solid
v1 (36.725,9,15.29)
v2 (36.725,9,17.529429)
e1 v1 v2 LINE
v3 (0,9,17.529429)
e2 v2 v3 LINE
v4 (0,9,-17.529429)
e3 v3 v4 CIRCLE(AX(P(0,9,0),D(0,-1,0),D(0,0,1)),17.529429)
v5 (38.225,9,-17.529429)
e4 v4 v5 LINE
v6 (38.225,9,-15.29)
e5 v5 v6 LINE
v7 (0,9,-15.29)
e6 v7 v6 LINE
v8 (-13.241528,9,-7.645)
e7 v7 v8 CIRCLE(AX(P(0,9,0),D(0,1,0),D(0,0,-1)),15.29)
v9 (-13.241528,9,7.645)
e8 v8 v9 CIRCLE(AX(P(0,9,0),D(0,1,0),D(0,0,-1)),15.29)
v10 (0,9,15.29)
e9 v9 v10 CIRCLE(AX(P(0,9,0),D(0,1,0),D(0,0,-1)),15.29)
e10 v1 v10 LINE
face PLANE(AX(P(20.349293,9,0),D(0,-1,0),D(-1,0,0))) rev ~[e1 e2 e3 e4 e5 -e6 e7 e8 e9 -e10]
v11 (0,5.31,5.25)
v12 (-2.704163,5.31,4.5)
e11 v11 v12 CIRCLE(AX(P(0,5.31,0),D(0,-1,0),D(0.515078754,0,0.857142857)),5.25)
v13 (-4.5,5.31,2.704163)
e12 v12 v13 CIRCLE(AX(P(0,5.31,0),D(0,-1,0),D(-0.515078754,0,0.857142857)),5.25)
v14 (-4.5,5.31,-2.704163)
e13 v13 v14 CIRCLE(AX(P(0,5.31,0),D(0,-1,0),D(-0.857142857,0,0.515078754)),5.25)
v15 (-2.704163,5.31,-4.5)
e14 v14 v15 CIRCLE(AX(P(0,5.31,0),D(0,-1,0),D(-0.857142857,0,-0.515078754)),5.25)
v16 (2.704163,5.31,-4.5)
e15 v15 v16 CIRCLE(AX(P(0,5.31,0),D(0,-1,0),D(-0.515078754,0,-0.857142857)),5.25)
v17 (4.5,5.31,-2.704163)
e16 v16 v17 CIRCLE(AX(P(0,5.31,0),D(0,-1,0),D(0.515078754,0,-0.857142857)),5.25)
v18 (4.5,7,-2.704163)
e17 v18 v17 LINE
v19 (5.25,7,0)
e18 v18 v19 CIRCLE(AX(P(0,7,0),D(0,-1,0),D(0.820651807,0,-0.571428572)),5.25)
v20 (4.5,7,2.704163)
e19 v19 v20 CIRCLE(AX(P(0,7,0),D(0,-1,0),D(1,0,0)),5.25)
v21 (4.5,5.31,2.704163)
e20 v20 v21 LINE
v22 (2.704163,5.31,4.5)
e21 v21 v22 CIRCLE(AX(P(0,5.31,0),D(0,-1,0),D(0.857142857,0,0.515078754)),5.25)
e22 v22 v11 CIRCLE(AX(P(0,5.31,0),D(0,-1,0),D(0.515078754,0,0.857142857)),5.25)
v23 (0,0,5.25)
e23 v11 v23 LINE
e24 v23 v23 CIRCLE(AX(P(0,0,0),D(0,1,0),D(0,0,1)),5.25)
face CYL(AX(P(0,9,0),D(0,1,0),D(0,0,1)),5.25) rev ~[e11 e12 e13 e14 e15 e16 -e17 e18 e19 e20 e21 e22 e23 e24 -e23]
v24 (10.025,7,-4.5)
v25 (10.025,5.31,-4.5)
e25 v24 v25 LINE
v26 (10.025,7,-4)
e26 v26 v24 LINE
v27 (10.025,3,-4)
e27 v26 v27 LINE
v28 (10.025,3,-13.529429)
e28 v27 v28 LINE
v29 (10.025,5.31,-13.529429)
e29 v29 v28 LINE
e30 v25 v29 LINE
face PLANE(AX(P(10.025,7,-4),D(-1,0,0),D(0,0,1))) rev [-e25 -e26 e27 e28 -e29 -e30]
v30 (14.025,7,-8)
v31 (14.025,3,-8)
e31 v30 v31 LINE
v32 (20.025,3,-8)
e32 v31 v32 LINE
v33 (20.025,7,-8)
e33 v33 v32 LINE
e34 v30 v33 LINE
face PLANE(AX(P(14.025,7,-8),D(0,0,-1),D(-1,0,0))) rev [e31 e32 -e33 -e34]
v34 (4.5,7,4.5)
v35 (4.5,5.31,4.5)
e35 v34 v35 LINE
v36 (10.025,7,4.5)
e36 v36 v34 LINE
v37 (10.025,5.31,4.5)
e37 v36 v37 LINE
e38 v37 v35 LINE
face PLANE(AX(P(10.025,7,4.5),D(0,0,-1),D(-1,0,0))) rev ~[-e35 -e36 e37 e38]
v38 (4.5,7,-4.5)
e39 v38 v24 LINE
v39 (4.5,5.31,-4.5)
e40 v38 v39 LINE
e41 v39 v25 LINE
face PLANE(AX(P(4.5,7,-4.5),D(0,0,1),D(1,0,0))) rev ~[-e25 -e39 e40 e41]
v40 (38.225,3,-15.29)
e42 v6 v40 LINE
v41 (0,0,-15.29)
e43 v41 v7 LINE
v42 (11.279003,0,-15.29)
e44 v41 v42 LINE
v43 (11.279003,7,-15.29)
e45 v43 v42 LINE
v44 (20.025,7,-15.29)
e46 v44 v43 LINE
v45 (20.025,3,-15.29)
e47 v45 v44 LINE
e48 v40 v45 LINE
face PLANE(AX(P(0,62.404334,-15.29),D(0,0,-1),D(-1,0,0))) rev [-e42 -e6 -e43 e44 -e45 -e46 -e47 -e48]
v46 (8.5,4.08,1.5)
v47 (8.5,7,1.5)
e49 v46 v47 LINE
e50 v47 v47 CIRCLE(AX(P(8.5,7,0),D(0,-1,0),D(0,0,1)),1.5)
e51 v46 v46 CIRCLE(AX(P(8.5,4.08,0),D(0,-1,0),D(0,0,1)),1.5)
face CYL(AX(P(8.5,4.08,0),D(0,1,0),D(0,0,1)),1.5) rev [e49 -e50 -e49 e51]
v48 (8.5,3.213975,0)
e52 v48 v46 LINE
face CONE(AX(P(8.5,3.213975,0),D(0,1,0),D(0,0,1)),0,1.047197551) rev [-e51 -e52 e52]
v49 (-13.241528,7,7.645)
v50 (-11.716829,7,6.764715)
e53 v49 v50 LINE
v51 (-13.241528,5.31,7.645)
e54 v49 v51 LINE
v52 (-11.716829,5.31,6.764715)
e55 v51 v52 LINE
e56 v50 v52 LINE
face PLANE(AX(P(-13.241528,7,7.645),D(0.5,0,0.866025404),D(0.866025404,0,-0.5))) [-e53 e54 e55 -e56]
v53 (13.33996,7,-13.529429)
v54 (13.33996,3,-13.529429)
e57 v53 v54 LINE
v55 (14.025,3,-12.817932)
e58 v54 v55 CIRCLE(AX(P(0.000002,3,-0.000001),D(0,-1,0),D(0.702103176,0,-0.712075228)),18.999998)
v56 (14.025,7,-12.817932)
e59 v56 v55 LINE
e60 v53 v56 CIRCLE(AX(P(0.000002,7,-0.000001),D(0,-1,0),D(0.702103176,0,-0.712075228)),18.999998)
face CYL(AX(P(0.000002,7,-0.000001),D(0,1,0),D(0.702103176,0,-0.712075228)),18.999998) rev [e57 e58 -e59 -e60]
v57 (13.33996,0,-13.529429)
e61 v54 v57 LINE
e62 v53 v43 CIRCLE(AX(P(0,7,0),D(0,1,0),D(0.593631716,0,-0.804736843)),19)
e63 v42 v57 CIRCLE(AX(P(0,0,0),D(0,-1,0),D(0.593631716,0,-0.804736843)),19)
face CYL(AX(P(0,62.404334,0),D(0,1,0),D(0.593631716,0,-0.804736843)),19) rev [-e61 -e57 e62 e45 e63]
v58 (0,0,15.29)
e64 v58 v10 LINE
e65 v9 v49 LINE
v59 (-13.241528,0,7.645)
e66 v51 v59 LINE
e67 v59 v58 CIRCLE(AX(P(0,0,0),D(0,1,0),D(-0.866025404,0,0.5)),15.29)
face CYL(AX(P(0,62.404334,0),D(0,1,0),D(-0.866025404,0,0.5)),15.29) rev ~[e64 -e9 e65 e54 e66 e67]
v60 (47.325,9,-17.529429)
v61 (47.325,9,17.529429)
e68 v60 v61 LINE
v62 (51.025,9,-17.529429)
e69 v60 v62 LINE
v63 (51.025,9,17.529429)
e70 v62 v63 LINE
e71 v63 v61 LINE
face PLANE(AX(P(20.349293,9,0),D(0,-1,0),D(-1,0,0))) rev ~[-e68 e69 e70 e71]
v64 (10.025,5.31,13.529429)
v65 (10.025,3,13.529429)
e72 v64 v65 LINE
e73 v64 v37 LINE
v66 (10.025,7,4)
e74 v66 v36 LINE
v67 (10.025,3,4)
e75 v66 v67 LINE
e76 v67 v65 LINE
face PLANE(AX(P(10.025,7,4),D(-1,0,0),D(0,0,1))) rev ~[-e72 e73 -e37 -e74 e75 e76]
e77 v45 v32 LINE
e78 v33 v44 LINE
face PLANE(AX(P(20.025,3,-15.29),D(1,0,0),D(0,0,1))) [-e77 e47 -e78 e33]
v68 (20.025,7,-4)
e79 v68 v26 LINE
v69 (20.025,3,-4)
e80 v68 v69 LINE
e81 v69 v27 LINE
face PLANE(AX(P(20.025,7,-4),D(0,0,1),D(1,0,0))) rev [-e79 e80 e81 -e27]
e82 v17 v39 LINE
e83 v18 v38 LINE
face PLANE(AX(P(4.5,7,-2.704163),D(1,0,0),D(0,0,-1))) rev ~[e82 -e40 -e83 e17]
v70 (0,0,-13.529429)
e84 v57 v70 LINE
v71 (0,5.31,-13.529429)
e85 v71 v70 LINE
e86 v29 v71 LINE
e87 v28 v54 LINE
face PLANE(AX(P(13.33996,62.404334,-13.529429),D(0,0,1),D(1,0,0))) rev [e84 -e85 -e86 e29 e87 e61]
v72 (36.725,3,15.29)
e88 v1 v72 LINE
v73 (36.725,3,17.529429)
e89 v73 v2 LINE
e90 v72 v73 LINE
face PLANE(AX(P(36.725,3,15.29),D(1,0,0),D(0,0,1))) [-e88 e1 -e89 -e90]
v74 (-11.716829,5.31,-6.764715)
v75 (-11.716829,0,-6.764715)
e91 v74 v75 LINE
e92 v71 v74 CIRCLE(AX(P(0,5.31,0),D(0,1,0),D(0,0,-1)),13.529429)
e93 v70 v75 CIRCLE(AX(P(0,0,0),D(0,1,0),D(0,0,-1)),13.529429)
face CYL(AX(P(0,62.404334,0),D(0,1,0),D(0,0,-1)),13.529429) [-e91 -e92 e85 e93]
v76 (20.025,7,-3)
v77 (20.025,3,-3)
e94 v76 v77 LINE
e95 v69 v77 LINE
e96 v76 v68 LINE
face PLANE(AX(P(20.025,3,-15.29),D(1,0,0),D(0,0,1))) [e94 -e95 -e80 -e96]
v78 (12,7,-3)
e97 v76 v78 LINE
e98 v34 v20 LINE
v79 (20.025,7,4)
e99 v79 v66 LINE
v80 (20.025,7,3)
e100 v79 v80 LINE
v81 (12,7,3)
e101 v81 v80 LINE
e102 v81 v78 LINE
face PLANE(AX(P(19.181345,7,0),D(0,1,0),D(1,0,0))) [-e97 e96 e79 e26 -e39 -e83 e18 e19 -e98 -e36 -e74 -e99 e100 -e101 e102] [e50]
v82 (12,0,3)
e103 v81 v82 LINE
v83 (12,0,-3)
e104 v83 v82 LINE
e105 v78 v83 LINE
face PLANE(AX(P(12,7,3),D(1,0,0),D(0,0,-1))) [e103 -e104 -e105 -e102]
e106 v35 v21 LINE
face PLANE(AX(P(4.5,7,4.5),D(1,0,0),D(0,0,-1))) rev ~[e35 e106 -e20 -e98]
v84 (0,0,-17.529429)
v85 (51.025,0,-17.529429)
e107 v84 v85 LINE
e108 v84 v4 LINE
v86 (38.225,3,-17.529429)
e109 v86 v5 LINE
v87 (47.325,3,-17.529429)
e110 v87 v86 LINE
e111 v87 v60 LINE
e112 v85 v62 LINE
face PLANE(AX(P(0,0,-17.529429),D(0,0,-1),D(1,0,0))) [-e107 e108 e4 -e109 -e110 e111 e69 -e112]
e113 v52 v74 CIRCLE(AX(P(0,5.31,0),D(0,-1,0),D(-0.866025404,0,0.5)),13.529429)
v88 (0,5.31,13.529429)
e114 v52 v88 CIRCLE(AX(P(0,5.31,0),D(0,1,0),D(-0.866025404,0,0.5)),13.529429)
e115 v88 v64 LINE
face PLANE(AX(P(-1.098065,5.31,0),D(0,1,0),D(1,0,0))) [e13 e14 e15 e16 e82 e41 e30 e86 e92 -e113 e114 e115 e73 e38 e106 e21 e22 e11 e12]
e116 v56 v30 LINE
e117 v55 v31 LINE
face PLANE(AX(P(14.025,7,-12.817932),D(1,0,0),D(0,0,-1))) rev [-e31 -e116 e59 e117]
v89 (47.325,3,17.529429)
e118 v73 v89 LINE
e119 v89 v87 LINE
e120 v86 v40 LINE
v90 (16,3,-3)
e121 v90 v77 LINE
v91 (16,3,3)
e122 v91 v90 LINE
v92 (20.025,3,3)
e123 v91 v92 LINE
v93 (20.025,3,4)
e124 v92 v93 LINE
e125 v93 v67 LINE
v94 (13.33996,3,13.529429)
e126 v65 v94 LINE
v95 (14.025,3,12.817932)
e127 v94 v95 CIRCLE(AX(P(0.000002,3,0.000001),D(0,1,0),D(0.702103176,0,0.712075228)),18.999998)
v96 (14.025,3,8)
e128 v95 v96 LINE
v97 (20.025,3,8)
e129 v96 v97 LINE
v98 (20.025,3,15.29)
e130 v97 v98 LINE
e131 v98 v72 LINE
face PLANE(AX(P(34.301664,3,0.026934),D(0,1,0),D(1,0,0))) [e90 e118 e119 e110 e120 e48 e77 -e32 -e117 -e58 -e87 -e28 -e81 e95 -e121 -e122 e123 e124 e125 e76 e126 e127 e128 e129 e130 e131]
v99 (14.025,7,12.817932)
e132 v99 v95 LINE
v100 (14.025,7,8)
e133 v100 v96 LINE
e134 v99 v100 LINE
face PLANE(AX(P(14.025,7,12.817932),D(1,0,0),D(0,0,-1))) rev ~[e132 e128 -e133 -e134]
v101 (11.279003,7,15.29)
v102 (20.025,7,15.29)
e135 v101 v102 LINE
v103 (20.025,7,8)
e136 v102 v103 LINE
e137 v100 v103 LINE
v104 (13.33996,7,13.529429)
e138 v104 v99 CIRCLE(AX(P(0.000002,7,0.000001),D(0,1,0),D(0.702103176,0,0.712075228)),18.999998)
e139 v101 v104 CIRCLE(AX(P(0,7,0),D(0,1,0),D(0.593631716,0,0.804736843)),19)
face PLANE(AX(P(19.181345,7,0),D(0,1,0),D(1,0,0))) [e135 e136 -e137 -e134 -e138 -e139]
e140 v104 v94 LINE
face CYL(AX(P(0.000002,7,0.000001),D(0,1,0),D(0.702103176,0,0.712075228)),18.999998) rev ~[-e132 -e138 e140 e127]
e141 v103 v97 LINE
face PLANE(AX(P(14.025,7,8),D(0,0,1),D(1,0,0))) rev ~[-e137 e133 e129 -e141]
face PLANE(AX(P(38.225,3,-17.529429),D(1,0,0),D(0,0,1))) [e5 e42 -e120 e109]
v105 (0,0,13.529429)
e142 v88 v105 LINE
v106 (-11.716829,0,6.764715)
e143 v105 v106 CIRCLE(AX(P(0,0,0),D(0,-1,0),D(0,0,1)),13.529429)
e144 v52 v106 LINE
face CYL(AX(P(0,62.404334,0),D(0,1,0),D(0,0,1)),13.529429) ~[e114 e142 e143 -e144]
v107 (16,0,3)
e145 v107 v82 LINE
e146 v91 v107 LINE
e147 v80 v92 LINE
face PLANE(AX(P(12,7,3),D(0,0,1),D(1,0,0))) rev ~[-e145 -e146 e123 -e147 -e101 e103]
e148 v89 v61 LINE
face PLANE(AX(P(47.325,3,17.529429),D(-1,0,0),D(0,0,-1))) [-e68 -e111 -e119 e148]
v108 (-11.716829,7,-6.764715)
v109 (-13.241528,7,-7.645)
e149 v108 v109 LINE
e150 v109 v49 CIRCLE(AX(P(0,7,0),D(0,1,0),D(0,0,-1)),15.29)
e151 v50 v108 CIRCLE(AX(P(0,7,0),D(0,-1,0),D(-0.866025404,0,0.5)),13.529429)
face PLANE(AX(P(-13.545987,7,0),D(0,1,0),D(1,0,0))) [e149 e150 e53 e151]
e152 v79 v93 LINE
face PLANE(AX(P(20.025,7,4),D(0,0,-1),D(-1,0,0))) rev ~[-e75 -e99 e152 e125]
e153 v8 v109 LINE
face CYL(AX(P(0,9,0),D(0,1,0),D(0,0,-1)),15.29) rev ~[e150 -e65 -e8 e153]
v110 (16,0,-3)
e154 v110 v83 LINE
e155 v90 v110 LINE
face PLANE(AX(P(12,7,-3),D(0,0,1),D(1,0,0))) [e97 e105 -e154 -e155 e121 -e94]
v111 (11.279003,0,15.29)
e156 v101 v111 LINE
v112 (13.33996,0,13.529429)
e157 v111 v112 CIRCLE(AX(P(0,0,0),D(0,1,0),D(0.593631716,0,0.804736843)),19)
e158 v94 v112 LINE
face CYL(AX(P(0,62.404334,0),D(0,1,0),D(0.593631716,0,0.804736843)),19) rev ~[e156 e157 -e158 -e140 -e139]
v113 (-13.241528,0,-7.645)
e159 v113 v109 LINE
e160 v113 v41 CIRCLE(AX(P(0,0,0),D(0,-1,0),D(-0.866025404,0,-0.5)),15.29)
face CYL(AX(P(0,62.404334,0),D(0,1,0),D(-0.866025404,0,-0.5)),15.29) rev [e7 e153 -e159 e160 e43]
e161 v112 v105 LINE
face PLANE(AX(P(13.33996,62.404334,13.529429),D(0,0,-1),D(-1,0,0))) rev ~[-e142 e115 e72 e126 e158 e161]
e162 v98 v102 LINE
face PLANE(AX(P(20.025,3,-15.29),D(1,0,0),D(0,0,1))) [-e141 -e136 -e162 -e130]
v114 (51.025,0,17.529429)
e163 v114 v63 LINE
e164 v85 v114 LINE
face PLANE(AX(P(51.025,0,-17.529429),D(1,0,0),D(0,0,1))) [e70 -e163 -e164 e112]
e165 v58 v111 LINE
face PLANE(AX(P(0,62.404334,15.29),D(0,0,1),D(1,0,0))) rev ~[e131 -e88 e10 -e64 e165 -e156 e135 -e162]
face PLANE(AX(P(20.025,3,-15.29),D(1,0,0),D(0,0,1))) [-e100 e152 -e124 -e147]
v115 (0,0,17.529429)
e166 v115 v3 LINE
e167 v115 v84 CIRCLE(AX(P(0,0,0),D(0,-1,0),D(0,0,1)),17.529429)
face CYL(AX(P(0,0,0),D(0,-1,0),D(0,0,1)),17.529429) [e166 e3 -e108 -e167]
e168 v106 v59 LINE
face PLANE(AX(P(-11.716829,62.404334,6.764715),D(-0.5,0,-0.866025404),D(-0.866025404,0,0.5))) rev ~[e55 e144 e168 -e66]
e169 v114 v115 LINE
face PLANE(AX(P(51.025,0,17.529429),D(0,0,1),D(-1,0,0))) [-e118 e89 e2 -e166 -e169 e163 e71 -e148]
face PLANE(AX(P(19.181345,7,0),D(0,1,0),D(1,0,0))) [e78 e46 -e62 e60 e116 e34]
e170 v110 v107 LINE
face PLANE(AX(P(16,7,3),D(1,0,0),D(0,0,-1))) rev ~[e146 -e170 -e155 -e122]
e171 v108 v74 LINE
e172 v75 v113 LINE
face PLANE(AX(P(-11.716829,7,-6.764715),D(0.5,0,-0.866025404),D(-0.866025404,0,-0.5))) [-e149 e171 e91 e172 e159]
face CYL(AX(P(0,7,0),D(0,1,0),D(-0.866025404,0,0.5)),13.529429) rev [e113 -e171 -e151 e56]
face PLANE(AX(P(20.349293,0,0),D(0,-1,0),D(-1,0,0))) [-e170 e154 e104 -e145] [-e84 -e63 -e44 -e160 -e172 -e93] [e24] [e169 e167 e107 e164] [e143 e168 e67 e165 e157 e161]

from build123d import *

# Parameters (mm, degrees)
SENSOR_BODY_BASE_DEPTH            = 9
CAMERA_HOLE_SKETCH_R              = 5.25
CAMERA_HOLE_DEPTH                 = 55.697637212
COVER_PLATE_CUTOUT_DEPTH          = 2
LED_DRIVER_CUTOUT_DEPTH           = 55.40433362
LED_DRIVER_CUTOUT_DEPTH_BACK      = 4
LEAD_START                        = 55.40433362
LEAD_CUTOUT_DEPTH                 = 62.40433362
FOLDED_LEAD_CUTOUT_DEPTH          = 4
GREEN_LEAD_CUTOUT_SKETCH_W        = 4
GREEN_LEAD_CUTOUT_SKETCH_H        = 6
GREEN_LEAD_CUTOUT_DEPTH           = 55.40433362
FOLDED_GREEN_LEAD_CUTOUT_SKETCH_W = 4.025
FOLDED_GREEN_LEAD_CUTOUT_SKETCH_H = 6
FOLDED_GREEN_LEAD_CUTOUT_DEPTH    = 4
CAMERA_PCB_CUTOUT_DEPTH           = 1.69
COVER_START                       = 1.69
COVER_PLATE_SUPPORT_DEPTH         = 1.69


with BuildPart() as part:
    # Sensor Body Base Sketch → Sensor Body Base (new body)
    with BuildSketch(Plane(origin=(0, 0, 0), x_dir=(1, 0, 0), z_dir=(0, 1, 0))):
        with BuildLine():
            Line((0, 17.5294293), (51.025, 17.5294293))
            Line((51.025, 17.5294293), (51.025, -17.5294293))
            Line((51.025, -17.5294293), (0, -17.5294293))
            ThreePointArc((0, -17.5294293), (-17.5294293, 0), (0, 17.5294293))
        make_face()
    extrude(amount=SENSOR_BODY_BASE_DEPTH)

    # Camera Hole Sketch → Camera Hole (cut, through all)
    with BuildSketch(Plane(origin=(0, 9, 0), x_dir=(1, 0, 0), z_dir=(0, 1, 0))):
        with Locations(Location((0, 0, 0), (0, 0, 270))):
            Circle(CAMERA_HOLE_SKETCH_R)
    extrude(amount=-CAMERA_HOLE_DEPTH, mode=Mode.SUBTRACT)

    # Cover Plate Cutout Sketch → Cover Plate Cutout (cut)
    # profile 1 of 2: a face of its own
    with BuildSketch(Plane(origin=(0, 9, 0), x_dir=(1, 0, 0), z_dir=(0, 1, 0))):
        with BuildLine():
            Line((47.325, 15.29), (0, 15.29))
            ThreePointArc((0, 15.29), (-15.29, 0), (0, -15.29))
            Line((0, -15.29), (47.325, -15.29))
            Line((47.325, -15.29), (47.325, -5.29))
            Line((47.325, -5.29), (47.325, 5.29))
            Line((47.325, 5.29), (47.325, 15.29))
        make_face()
        with BuildLine():
            ThreePointArc((4.308421985, -3), (-5.25, 0), (4.308421985, 3))
            Line((4.308421985, 3), (10.72655949, 3))
            Line((10.72655949, 3), (10.72655949, -3))
            Line((10.72655949, -3), (4.308421985, -3))
        make_face(mode=Mode.SUBTRACT)
    # profile 2 of 2: a face of its own
    with BuildSketch(Plane(origin=(0, 9, 0), x_dir=(1, 0, 0), z_dir=(0, 1, 0))):
        with BuildLine():
            Line((10.72655949, 3), (4.308421985, 3))
            ThreePointArc((4.308421985, 3), (5.009077531, 1.57214576), (5.25, 0))
            ThreePointArc((5.25, 0), (5.009077531, -1.57214576), (4.308421985, -3))
            Line((4.308421985, -3), (10.72655949, -3))
            Line((10.72655949, -3), (10.72655949, 3))
        make_face()
    extrude(amount=-COVER_PLATE_CUTOUT_DEPTH, mode=Mode.SUBTRACT)

    # LED Driver Cutout Sketch → LED Driver Cutout (cut, two sides: drawn at the far end of the back side and taken through both)
    with BuildSketch(Plane(origin=(0, 7, 0), x_dir=(1, 0, 0), z_dir=(0, 1, 0)).offset(-LED_DRIVER_CUTOUT_DEPTH_BACK)):
        Polygon((36.725, -17.5294293), (47.325, -17.5294293), (47.325, 17.5294293), (38.225, 17.5294293), (38.225, 15.29), (20.025, 15.29), (20.025, -15.29), (36.725, -15.29), align=None)
    extrude(amount=LED_DRIVER_CUTOUT_DEPTH + LED_DRIVER_CUTOUT_DEPTH_BACK, mode=Mode.SUBTRACT)

    # Cover Plate Fastener Sketch → Cover Plate Fastener (revolve, cut)
    with BuildSketch(Plane.XY, mode=Mode.PRIVATE) as cover_plate_fastener_sk:
        Polygon((8.5, 7), (8.5, 3.213974596), (10, 4.08), (10, 7), align=None)
    revolve(cover_plate_fastener_sk.sketch.rotate(Axis((8.5, 7, 0), (0, -1, 0)), 90), axis=Axis((8.5, 7, 0), (0, -1, 0)), mode=Mode.SUBTRACT)

    # Lead Cutout Shared Sketch → Lead Cutout (cut)
    with BuildSketch(Plane(origin=(0, 7, 0), x_dir=(1, 0, 0), z_dir=(0, 1, 0)).offset(LEAD_START)):
        with BuildLine():
            ThreePointArc((0, -13.5294293), (-6.76471465, -11.716829473), (-11.716829473, -6.76471465))
            Line((-11.716829473, -6.76471465), (-13.241528424, -7.645))
            ThreePointArc((-13.241528424, -7.645), (-7.645, -13.241528424), (0, -15.29))
            Line((0, -15.29), (11.279002615, -15.29))
            ThreePointArc((11.279002615, -15.29), (12.340917186, -14.446513871), (13.339960375, -13.5294293))
            Line((13.339960375, -13.5294293), (10.025, -13.5294293))
            Line((10.025, -13.5294293), (0, -13.5294293))
        make_face()
    lead_cutout = extrude(amount=-LEAD_CUTOUT_DEPTH, mode=Mode.SUBTRACT)

    # Sketch11<5> → Folded Lead Cutout (cut)
    with BuildSketch(Plane(origin=(0, 7, 0), x_dir=(1, 0, 0), z_dir=(0, 1, 0))):
        with BuildLine():
            Line((10.025, -4), (10.025, -13.5294293))
            Line((10.025, -13.5294293), (13.339960375, -13.5294293))
            ThreePointArc((13.339960375, -13.5294293), (13.687104196, -13.178132597), (14.025, -12.817931775))
            Line((14.025, -12.817931775), (14.025, -8))
            Line((14.025, -8), (20.025, -8))
            Line((20.025, -8), (20.025, -4))
            Line((20.025, -4), (10.025, -4))
        make_face()
    folded_lead_cutout = extrude(amount=-FOLDED_LEAD_CUTOUT_DEPTH, mode=Mode.SUBTRACT)

    # Lead Cutout Mirror: Lead Cutout, Folded Lead Cutout across plane
    add(lead_cutout.mirror(Plane.XY), mode=Mode.SUBTRACT)
    add(folded_lead_cutout.mirror(Plane.XY), mode=Mode.SUBTRACT)

    # Green Lead Cutout Sketch → Green Lead Cutout (cut, through all)
    with BuildSketch(Plane(origin=(0, 7, 0), x_dir=(1, 0, 0), z_dir=(0, 1, 0))):
        with Locations((14, 0)):
            Rectangle(GREEN_LEAD_CUTOUT_SKETCH_W, GREEN_LEAD_CUTOUT_SKETCH_H)
    extrude(amount=-GREEN_LEAD_CUTOUT_DEPTH, mode=Mode.SUBTRACT)

    # Folded Green Lead Cutout Sketch → Folded Green Lead Cutout (cut)
    with BuildSketch(Plane(origin=(0, 7, 0), x_dir=(1, 0, 0), z_dir=(0, 1, 0))):
        with Locations((18.0125, 0)):
            Rectangle(FOLDED_GREEN_LEAD_CUTOUT_SKETCH_W, FOLDED_GREEN_LEAD_CUTOUT_SKETCH_H)
    extrude(amount=-FOLDED_GREEN_LEAD_CUTOUT_DEPTH, mode=Mode.SUBTRACT)

    # Camera PCB Cutout Sketch → Camera PCB Cutout (cut)
    with BuildSketch(Plane(origin=(0, 7, 0), x_dir=(1, 0, 0), z_dir=(0, 1, 0))):
        with BuildLine():
            Line((-11.716829473, 6.76471465), (-13.241528424, 7.645))
            ThreePointArc((-13.241528424, 7.645), (-15.29, 0), (-13.241528424, -7.645))
            Line((-13.241528424, -7.645), (-11.716829473, -6.76471465))
            ThreePointArc((-11.716829473, -6.76471465), (-6.76471465, -11.716829473), (0, -13.5294293))
            Line((0, -13.5294293), (10.025, -13.5294293))
            Line((10.025, -13.5294293), (10.025, -4.5))
            Line((10.025, -4.5), (4.5, -4.5))
            Line((4.5, -4.5), (2.704163457, -4.5))
            ThreePointArc((2.704163457, -4.5), (0, -5.25), (-2.704163457, -4.5))
            Line((-2.704163457, -4.5), (-4.5, -4.5))
            Line((-4.5, -4.5), (-4.5, -2.704163457))
            ThreePointArc((-4.5, -2.704163457), (-5.25, 0), (-4.5, 2.704163457))
            Line((-4.5, 2.704163457), (-4.5, 4.5))
            Line((-4.5, 4.5), (-2.704163457, 4.5))
            ThreePointArc((-2.704163457, 4.5), (0, 5.25), (2.704163457, 4.5))
            Line((2.704163457, 4.5), (4.5, 4.5))
            Line((4.5, 4.5), (10.025, 4.5))
            Line((10.025, 4.5), (10.025, 13.5294293))
            Line((10.025, 13.5294293), (0, 13.5294293))
            ThreePointArc((0, 13.5294293), (-6.76471465, 11.716829473), (-11.716829473, 6.76471465))
        make_face()
        with BuildLine():
            Line((4.5, -4.5), (4.5, -2.704163457))
            ThreePointArc((4.5, -2.704163457), (3.712310601, -3.712310601), (2.704163457, -4.5))
            Line((2.704163457, -4.5), (4.5, -4.5))
        make_face()
        with BuildLine():
            ThreePointArc((-2.704163457, -4.5), (-3.712310601, -3.712310601), (-4.5, -2.704163457))
            Line((-4.5, -2.704163457), (-4.5, -4.5))
            Line((-4.5, -4.5), (-2.704163457, -4.5))
        make_face()
        with BuildLine():
            ThreePointArc((-4.5, 2.704163457), (-3.712310601, 3.712310601), (-2.704163457, 4.5))
            Line((-2.704163457, 4.5), (-4.5, 4.5))
            Line((-4.5, 4.5), (-4.5, 2.704163457))
        make_face()
        with BuildLine():
            Line((4.5, 2.704163457), (4.5, 4.5))
            Line((4.5, 4.5), (2.704163457, 4.5))
            ThreePointArc((2.704163457, 4.5), (3.712310601, 3.712310601), (4.5, 2.704163457))
        make_face()
    extrude(amount=-CAMERA_PCB_CUTOUT_DEPTH, mode=Mode.SUBTRACT)

    # Cover Plate Support Sketch → Cover Plate Support (add)
    with BuildSketch(Plane(origin=(0, 5.31, 0), x_dir=(1, 0, 0), z_dir=(0, 1, 0)).offset(COVER_START)):
        with BuildLine():
            Line((-11.716829473, 6.76471465), (-13.241528424, 7.645))
            ThreePointArc((-13.241528424, 7.645), (-15.29, 0), (-13.241528424, -7.645))
            Line((-13.241528424, -7.645), (-11.716829473, -6.76471465))
            ThreePointArc((-11.716829473, -6.76471465), (-13.5294293, 0), (-11.716829473, 6.76471465))
        make_face()
    extrude(amount=-COVER_PLATE_SUPPORT_DEPTH)


solid = part.part
